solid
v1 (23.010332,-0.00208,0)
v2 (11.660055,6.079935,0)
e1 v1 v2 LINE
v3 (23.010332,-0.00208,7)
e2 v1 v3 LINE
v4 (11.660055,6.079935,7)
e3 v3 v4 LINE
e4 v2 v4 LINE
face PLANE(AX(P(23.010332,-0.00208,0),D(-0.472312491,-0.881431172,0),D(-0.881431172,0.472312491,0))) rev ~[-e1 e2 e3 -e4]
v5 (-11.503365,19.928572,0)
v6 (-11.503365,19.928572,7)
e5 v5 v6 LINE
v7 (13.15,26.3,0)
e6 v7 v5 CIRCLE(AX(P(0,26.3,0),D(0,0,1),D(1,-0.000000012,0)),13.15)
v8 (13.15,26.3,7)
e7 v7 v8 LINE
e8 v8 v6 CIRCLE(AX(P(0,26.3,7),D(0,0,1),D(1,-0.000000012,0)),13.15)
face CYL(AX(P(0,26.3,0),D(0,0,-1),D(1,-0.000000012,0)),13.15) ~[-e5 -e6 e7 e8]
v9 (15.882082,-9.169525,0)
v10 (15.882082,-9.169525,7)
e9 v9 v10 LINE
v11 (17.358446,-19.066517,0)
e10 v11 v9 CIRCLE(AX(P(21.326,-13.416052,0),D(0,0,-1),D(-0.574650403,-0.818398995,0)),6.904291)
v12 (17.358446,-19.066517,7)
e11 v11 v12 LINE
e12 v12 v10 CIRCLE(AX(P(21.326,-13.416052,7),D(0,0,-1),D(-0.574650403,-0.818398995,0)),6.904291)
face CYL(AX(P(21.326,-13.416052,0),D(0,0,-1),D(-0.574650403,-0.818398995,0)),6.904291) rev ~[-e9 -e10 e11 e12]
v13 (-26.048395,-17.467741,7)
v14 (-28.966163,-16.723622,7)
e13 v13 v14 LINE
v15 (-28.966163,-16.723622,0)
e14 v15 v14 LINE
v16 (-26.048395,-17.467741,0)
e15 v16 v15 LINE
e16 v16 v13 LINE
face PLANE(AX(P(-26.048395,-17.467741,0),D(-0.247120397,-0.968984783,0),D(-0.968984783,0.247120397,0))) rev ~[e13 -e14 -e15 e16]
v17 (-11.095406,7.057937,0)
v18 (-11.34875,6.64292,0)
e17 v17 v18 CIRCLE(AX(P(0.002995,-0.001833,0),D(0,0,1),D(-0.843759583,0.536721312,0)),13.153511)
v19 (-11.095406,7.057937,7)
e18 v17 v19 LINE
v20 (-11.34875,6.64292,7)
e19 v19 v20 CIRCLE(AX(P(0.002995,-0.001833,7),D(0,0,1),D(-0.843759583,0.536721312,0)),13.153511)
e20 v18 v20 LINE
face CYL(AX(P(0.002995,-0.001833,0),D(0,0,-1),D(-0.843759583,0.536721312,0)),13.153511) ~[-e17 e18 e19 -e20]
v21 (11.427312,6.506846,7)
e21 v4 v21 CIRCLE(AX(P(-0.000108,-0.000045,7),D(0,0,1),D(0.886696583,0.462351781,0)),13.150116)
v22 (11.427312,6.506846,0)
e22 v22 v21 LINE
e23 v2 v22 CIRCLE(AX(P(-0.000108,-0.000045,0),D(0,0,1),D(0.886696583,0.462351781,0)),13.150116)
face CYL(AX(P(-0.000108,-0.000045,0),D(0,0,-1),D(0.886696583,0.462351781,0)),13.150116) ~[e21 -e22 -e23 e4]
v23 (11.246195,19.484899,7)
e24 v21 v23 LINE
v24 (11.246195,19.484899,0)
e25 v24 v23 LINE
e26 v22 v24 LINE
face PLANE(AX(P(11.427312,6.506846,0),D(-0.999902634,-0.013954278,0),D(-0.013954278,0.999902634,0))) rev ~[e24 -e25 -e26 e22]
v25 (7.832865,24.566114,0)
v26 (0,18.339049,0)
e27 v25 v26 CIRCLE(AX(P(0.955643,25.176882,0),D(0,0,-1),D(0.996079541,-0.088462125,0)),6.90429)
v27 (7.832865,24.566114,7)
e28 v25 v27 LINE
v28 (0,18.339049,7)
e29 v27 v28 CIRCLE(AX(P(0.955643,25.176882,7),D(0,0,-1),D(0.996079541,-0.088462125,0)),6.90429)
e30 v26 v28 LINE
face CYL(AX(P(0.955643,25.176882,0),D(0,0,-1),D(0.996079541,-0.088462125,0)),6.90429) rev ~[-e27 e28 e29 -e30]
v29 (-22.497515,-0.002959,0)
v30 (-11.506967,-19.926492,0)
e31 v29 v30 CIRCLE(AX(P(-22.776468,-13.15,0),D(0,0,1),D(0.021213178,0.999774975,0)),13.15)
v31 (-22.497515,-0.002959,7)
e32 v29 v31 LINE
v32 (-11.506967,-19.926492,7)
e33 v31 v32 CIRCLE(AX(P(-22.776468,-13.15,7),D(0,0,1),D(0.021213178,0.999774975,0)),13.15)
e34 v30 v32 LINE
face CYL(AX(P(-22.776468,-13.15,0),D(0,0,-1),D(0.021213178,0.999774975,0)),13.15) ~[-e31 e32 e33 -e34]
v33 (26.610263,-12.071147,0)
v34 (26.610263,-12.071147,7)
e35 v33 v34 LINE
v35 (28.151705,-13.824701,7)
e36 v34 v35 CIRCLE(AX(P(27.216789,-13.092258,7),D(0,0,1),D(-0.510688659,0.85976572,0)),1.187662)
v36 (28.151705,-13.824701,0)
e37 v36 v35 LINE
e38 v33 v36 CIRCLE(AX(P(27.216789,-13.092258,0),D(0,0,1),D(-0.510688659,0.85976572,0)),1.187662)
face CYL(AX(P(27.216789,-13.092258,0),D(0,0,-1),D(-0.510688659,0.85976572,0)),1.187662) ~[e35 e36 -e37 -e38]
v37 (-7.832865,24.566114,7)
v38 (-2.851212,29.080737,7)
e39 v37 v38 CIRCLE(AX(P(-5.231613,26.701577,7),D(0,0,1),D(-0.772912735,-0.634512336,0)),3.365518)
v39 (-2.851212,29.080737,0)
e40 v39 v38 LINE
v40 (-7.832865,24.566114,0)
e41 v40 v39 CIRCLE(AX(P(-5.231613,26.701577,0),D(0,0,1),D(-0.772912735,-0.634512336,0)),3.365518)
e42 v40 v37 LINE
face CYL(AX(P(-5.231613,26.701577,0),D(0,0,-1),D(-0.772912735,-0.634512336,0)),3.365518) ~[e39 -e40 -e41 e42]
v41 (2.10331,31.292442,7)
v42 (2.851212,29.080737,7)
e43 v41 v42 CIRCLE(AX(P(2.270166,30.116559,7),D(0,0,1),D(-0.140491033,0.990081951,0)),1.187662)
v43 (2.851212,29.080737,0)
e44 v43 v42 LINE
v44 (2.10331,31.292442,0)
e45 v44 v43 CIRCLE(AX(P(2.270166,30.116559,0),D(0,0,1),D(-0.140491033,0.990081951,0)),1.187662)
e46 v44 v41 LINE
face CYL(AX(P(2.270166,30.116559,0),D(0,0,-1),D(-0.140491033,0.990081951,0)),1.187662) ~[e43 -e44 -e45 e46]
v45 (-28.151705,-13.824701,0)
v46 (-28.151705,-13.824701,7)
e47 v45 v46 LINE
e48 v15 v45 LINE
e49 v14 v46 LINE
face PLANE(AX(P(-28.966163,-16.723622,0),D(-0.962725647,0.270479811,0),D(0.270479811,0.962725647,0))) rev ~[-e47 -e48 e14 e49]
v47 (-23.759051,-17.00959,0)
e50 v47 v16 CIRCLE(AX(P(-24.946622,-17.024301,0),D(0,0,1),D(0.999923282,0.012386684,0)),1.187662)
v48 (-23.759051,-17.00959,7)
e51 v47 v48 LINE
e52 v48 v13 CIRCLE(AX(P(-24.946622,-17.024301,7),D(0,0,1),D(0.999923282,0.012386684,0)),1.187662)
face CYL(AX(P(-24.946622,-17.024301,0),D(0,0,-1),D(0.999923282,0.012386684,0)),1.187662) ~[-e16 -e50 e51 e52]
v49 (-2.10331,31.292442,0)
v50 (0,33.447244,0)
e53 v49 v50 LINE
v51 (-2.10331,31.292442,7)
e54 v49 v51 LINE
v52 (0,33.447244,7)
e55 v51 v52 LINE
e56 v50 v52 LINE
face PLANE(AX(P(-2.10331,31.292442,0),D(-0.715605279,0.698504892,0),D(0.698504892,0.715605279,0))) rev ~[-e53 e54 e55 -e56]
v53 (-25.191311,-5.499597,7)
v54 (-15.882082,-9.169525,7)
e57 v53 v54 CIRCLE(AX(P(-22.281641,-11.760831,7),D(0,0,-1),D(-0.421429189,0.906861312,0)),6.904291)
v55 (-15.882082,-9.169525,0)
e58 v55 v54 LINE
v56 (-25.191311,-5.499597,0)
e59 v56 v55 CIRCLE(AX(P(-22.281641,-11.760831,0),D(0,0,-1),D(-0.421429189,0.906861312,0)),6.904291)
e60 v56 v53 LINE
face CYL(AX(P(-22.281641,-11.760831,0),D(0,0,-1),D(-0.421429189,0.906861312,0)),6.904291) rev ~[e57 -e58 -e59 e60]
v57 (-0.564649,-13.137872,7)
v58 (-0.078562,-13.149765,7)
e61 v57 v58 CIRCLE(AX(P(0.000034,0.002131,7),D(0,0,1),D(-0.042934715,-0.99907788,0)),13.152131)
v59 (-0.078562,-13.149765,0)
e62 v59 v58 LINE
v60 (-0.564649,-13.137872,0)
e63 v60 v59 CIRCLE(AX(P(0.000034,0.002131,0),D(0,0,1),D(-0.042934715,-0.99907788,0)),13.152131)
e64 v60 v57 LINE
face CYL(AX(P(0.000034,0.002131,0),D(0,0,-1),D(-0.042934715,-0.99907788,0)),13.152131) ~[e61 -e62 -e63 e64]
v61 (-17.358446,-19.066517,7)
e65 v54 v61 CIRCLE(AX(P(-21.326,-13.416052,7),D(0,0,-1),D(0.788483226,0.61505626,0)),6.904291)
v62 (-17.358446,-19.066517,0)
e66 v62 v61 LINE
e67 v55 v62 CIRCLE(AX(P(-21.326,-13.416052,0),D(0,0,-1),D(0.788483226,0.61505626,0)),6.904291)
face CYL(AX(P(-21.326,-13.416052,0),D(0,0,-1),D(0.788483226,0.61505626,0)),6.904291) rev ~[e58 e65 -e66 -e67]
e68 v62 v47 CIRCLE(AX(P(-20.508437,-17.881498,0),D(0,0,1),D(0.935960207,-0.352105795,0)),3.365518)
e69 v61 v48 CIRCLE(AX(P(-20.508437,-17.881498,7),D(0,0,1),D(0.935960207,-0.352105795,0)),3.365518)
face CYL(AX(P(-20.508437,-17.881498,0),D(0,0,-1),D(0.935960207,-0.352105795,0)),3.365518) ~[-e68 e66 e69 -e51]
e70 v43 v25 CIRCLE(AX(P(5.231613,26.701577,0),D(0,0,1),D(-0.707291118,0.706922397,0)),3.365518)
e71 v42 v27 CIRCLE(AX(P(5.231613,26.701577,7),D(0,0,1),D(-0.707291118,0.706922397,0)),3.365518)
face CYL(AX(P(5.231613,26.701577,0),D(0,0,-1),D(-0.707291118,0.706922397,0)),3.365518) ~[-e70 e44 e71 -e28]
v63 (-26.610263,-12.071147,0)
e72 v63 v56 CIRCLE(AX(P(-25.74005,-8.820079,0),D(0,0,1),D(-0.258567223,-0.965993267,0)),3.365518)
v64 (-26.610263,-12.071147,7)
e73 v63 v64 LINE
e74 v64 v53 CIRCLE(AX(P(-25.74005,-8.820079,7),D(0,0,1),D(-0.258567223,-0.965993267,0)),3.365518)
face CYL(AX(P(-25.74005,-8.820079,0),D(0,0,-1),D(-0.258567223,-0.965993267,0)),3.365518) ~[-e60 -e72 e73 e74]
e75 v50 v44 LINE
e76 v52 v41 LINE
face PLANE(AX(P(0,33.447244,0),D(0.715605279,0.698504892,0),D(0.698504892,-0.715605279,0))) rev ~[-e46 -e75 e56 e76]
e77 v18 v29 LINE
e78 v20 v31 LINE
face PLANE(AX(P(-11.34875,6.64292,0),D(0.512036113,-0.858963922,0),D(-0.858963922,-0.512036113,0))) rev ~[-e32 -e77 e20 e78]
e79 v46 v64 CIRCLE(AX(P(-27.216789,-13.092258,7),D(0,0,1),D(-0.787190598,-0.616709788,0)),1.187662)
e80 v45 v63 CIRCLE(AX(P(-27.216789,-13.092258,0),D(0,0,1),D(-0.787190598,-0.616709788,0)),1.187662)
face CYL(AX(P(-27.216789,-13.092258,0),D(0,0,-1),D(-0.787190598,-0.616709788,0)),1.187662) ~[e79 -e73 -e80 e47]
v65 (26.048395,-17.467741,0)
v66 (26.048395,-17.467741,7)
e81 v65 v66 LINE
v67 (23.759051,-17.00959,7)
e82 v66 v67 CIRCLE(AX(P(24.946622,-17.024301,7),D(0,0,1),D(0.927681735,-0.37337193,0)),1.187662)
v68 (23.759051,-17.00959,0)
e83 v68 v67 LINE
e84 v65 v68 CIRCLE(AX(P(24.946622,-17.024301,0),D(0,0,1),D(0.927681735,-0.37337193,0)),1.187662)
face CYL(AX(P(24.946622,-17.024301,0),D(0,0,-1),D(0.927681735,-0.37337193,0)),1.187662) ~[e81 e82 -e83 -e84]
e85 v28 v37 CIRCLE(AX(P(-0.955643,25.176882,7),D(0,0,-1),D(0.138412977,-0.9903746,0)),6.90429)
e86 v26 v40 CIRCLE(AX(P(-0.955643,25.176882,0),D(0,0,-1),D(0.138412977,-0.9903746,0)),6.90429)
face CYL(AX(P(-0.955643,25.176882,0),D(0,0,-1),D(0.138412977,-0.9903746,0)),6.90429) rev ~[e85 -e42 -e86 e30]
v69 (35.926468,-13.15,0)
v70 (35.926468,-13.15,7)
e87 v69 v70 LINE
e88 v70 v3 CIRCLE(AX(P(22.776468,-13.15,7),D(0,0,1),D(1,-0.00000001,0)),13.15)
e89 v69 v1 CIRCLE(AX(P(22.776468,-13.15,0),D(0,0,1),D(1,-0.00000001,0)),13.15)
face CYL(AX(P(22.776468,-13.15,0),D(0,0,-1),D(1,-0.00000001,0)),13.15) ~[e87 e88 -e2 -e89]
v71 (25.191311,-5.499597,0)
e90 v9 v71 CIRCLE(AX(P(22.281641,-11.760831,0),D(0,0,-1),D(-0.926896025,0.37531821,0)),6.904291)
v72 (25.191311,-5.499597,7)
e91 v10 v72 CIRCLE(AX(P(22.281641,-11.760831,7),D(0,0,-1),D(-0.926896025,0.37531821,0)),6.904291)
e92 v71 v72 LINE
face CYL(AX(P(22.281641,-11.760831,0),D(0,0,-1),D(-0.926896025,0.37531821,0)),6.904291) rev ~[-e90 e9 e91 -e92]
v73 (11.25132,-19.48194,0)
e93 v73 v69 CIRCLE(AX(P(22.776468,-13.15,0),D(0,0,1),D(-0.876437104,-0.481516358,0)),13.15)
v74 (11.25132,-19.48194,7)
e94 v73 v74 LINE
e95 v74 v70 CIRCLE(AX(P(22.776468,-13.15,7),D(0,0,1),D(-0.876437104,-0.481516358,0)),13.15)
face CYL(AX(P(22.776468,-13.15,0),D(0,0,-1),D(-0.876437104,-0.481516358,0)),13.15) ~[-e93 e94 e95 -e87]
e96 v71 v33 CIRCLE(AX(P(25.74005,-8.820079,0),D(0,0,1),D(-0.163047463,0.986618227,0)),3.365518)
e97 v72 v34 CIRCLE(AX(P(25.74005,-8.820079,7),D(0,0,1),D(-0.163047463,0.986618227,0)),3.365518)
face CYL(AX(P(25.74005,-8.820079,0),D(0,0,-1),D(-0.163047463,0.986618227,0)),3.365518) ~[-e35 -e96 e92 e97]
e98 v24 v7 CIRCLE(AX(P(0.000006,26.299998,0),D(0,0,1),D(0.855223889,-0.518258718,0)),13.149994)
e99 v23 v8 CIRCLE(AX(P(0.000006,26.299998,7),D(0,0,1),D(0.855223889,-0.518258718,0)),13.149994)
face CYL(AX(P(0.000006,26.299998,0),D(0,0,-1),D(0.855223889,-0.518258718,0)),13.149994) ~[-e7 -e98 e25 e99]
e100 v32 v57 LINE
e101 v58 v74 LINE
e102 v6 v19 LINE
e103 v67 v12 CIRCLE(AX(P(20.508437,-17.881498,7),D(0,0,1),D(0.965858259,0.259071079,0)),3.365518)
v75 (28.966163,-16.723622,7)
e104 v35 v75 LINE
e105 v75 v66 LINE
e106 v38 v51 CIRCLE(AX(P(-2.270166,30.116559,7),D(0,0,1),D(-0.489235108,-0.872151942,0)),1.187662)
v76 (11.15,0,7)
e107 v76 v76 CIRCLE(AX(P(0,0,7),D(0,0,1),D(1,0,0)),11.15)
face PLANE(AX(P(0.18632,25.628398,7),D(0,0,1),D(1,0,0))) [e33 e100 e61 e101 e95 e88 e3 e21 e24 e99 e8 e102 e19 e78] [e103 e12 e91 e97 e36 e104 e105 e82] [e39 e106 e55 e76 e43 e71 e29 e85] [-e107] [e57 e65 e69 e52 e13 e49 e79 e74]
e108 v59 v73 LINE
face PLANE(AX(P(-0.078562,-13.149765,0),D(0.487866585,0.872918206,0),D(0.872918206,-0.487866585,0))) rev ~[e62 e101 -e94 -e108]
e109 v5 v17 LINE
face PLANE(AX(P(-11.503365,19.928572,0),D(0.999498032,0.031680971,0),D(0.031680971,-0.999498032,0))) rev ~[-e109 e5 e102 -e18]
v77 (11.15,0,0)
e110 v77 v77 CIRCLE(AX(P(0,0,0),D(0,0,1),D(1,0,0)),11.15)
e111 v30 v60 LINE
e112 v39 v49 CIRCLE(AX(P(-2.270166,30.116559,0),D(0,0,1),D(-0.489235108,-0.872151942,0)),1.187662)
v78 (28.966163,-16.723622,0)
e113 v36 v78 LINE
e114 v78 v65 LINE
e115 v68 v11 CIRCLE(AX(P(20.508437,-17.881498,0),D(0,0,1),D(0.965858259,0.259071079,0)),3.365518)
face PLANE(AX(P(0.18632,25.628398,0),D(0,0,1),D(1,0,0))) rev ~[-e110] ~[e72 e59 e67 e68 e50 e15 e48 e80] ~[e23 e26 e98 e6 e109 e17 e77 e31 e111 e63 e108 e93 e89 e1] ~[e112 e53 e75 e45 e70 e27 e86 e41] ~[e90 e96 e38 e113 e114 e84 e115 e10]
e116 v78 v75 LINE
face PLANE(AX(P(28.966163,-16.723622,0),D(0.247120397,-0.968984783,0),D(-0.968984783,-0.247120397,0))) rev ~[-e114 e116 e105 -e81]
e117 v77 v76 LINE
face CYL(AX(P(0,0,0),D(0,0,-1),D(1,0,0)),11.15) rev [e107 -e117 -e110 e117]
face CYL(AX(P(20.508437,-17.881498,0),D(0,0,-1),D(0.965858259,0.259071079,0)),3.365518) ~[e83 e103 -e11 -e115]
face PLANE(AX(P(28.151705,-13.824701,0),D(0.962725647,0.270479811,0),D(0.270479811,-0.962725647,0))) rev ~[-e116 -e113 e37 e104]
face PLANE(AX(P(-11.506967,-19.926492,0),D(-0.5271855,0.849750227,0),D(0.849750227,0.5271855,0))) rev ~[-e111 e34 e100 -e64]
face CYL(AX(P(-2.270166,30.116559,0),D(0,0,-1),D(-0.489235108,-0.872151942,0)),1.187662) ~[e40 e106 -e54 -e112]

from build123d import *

# Parameters (mm, degrees)
F0_R     = 11.15
F1_DEPTH = 7


with BuildPart() as f1:
    # F0 (on Top) → F1 (new body)
    with BuildSketch(Plane.XY):
        with BuildLine():
            ThreePointArc((-11.503365, 19.928572), (-6.67601, 14.970685), (0, 13.15))
            ThreePointArc((0, 13.15), (6.453833, 14.842664), (11.246195, 19.484899))
            ThreePointArc((11.246195, 19.484899), (12.665109, 22.761989), (13.15, 26.3))
            ThreePointArc((13.15, 26.3), (-3.290384, 39.031688), (-11.503365, 19.928572))
        make_face()
        with Locations((0, 26.3)):
            Circle(F0_R, mode=Mode.SUBTRACT)
        with Locations((0, 26.3)):
            Circle(F0_R)
        with BuildLine():
            Line((-2.10331, 31.292442), (0, 33.447244))
            Line((0, 33.447244), (2.10331, 31.292442))
            ThreePointArc((2.10331, 31.292442), (1.145089, 29.736107), (2.851212, 29.080737))
            ThreePointArc((2.851212, 29.080737), (2.971602, 24.207772), (7.832865, 24.566114))
            ThreePointArc((7.832865, 24.566114), (5.252195, 19.77236), (0, 18.339049))
            ThreePointArc((0, 18.339049), (-5.252195, 19.77236), (-7.832865, 24.566114))
            ThreePointArc((-7.832865, 24.566114), (-2.971602, 24.207772), (-2.851212, 29.080737))
            ThreePointArc((-2.851212, 29.080737), (-1.145089, 29.736107), (-2.10331, 31.292442))
        make_face(mode=Mode.SUBTRACT)
        with BuildLine():
            ThreePointArc((0, 13.15), (6.608989, 11.368543), (11.427312, 6.506846))
            Line((11.427312, 6.506846), (11.246195, 19.484899))
            ThreePointArc((11.246195, 19.484899), (6.453833, 14.842664), (0, 13.15))
        make_face()
        with BuildLine():
            ThreePointArc((-11.095406, 7.057937), (-6.328927, 11.526803), (0, 13.15))
            ThreePointArc((0, 13.15), (-6.67601, 14.970685), (-11.503365, 19.928572))
            Line((-11.503365, 19.928572), (-11.095406, 7.057937))
        make_face()
        with BuildLine():
            ThreePointArc((11.388234, -6.575), (12.701925, -3.40347), (13.15, 0))
            ThreePointArc((13.15, 0), (12.772083, 3.129918), (11.660055, 6.079935))
            ThreePointArc((11.660055, 6.079935), (11.545657, 6.294466), (11.427312, 6.506846))
            ThreePointArc((11.427312, 6.506846), (6.608989, 11.368543), (0, 13.15))
            ThreePointArc((0, 13.15), (-6.328927, 11.526803), (-11.095406, 7.057937))
            ThreePointArc((-11.095406, 7.057937), (-11.223996, 6.851599), (-11.34875, 6.64292))
            ThreePointArc((-11.34875, 6.64292), (-13.149941, 0.039281), (-11.388234, -6.575))
            ThreePointArc((-11.388234, -6.575), (-6.81804, -11.244413), (-0.564649, -13.137872))
            ThreePointArc((-0.564649, -13.137872), (-0.321661, -13.146065), (-0.078562, -13.149765))
            ThreePointArc((-0.078562, -13.149765), (6.540952, -11.407824), (11.388234, -6.575))
        make_face()
        Circle(F0_R, mode=Mode.SUBTRACT)
        with BuildLine():
            ThreePointArc((11.660055, 6.079935), (12.772083, 3.129918), (13.15, 0))
            ThreePointArc((13.15, 0), (12.701925, -3.40347), (11.388234, -6.575))
            ThreePointArc((11.388234, -6.575), (16.302998, -1.703748), (23.010332, -0.00208))
            Line((23.010332, -0.00208), (11.660055, 6.079935))
        make_face()
        with BuildLine():
            ThreePointArc((23.010332, -0.00208), (16.302998, -1.703748), (11.388234, -6.575))
            ThreePointArc((11.388234, -6.575), (9.627208, -13.010516), (11.25132, -19.48194))
            ThreePointArc((11.25132, -19.48194), (26.045016, -25.887311), (35.926468, -13.15))
            ThreePointArc((35.926468, -13.15), (32.157241, -3.9346), (23.010332, -0.00208))
        make_face()
        with Locations((22.776468, -13.15)):
            Circle(F0_R, mode=Mode.SUBTRACT)
        with BuildLine():
            ThreePointArc((11.25132, -19.48194), (9.627208, -13.010516), (11.388234, -6.575))
            ThreePointArc((11.388234, -6.575), (6.540952, -11.407824), (-0.078562, -13.149765))
            Line((-0.078562, -13.149765), (11.25132, -19.48194))
        make_face()
        with Locations((22.776468, -13.15)):
            Circle(F0_R)
        with BuildLine():
            ThreePointArc((26.048395, -17.467741), (25.17968, -15.85973), (23.759051, -17.00959))
            ThreePointArc((23.759051, -17.00959), (19.478744, -14.677369), (17.358446, -19.066517))
            ThreePointArc((17.358446, -19.066517), (14.497269, -14.434714), (15.882082, -9.169525))
            ThreePointArc((15.882082, -9.169525), (19.749464, -5.337646), (25.191311, -5.499597))
            ThreePointArc((25.191311, -5.499597), (22.450346, -9.530403), (26.610263, -12.071147))
            ThreePointArc((26.610263, -12.071147), (26.324769, -13.876377), (28.151705, -13.824701))
            Line((28.151705, -13.824701), (28.966163, -16.723622))
            Line((28.966163, -16.723622), (26.048395, -17.467741))
        make_face(mode=Mode.SUBTRACT)
        with BuildLine():
            ThreePointArc((-22.497515, -0.002959), (-16.081041, -1.832149), (-11.388234, -6.575))
            ThreePointArc((-11.388234, -6.575), (-13.149941, 0.039281), (-11.34875, 6.64292))
            Line((-11.34875, 6.64292), (-22.497515, -0.002959))
        make_face()
        with BuildLine():
            Line((-11.506967, -19.926492), (-0.564649, -13.137872))
            ThreePointArc((-0.564649, -13.137872), (-6.81804, -11.244413), (-11.388234, -6.575))
            ThreePointArc((-11.388234, -6.575), (-10.074543, -9.74653), (-9.626468, -13.15))
            ThreePointArc((-9.626468, -13.15), (-10.105311, -16.666288), (-11.506967, -19.926492))
        make_face()
        with BuildLine():
            ThreePointArc((-9.626468, -13.15), (-10.074543, -9.74653), (-11.388234, -6.575))
            ThreePointArc((-11.388234, -6.575), (-16.081041, -1.832149), (-22.497515, -0.002959))
            ThreePointArc((-22.497515, -0.002959), (-34.290742, -19.501693), (-11.506967, -19.926492))
            ThreePointArc((-11.506967, -19.926492), (-10.105311, -16.666288), (-9.626468, -13.15))
        make_face()
        with Locations((-22.776468, -13.15)):
            Circle(F0_R, mode=Mode.SUBTRACT)
        with Locations((-22.776468, -13.15)):
            Circle(F0_R)
        with BuildLine():
            ThreePointArc((-28.151705, -13.824701), (-26.324769, -13.876377), (-26.610263, -12.071147))
            ThreePointArc((-26.610263, -12.071147), (-22.450346, -9.530403), (-25.191311, -5.499597))
            ThreePointArc((-25.191311, -5.499597), (-19.749464, -5.337646), (-15.882082, -9.169525))
            ThreePointArc((-15.882082, -9.169525), (-14.497269, -14.434714), (-17.358446, -19.066517))
            ThreePointArc((-17.358446, -19.066517), (-19.478744, -14.677369), (-23.759051, -17.00959))
            ThreePointArc((-23.759051, -17.00959), (-25.17968, -15.85973), (-26.048395, -17.467741))
            Line((-26.048395, -17.467741), (-28.966163, -16.723622))
            Line((-28.966163, -16.723622), (-28.151705, -13.824701))
        make_face(mode=Mode.SUBTRACT)
    extrude(amount=F1_DEPTH)


solid = f1.part
